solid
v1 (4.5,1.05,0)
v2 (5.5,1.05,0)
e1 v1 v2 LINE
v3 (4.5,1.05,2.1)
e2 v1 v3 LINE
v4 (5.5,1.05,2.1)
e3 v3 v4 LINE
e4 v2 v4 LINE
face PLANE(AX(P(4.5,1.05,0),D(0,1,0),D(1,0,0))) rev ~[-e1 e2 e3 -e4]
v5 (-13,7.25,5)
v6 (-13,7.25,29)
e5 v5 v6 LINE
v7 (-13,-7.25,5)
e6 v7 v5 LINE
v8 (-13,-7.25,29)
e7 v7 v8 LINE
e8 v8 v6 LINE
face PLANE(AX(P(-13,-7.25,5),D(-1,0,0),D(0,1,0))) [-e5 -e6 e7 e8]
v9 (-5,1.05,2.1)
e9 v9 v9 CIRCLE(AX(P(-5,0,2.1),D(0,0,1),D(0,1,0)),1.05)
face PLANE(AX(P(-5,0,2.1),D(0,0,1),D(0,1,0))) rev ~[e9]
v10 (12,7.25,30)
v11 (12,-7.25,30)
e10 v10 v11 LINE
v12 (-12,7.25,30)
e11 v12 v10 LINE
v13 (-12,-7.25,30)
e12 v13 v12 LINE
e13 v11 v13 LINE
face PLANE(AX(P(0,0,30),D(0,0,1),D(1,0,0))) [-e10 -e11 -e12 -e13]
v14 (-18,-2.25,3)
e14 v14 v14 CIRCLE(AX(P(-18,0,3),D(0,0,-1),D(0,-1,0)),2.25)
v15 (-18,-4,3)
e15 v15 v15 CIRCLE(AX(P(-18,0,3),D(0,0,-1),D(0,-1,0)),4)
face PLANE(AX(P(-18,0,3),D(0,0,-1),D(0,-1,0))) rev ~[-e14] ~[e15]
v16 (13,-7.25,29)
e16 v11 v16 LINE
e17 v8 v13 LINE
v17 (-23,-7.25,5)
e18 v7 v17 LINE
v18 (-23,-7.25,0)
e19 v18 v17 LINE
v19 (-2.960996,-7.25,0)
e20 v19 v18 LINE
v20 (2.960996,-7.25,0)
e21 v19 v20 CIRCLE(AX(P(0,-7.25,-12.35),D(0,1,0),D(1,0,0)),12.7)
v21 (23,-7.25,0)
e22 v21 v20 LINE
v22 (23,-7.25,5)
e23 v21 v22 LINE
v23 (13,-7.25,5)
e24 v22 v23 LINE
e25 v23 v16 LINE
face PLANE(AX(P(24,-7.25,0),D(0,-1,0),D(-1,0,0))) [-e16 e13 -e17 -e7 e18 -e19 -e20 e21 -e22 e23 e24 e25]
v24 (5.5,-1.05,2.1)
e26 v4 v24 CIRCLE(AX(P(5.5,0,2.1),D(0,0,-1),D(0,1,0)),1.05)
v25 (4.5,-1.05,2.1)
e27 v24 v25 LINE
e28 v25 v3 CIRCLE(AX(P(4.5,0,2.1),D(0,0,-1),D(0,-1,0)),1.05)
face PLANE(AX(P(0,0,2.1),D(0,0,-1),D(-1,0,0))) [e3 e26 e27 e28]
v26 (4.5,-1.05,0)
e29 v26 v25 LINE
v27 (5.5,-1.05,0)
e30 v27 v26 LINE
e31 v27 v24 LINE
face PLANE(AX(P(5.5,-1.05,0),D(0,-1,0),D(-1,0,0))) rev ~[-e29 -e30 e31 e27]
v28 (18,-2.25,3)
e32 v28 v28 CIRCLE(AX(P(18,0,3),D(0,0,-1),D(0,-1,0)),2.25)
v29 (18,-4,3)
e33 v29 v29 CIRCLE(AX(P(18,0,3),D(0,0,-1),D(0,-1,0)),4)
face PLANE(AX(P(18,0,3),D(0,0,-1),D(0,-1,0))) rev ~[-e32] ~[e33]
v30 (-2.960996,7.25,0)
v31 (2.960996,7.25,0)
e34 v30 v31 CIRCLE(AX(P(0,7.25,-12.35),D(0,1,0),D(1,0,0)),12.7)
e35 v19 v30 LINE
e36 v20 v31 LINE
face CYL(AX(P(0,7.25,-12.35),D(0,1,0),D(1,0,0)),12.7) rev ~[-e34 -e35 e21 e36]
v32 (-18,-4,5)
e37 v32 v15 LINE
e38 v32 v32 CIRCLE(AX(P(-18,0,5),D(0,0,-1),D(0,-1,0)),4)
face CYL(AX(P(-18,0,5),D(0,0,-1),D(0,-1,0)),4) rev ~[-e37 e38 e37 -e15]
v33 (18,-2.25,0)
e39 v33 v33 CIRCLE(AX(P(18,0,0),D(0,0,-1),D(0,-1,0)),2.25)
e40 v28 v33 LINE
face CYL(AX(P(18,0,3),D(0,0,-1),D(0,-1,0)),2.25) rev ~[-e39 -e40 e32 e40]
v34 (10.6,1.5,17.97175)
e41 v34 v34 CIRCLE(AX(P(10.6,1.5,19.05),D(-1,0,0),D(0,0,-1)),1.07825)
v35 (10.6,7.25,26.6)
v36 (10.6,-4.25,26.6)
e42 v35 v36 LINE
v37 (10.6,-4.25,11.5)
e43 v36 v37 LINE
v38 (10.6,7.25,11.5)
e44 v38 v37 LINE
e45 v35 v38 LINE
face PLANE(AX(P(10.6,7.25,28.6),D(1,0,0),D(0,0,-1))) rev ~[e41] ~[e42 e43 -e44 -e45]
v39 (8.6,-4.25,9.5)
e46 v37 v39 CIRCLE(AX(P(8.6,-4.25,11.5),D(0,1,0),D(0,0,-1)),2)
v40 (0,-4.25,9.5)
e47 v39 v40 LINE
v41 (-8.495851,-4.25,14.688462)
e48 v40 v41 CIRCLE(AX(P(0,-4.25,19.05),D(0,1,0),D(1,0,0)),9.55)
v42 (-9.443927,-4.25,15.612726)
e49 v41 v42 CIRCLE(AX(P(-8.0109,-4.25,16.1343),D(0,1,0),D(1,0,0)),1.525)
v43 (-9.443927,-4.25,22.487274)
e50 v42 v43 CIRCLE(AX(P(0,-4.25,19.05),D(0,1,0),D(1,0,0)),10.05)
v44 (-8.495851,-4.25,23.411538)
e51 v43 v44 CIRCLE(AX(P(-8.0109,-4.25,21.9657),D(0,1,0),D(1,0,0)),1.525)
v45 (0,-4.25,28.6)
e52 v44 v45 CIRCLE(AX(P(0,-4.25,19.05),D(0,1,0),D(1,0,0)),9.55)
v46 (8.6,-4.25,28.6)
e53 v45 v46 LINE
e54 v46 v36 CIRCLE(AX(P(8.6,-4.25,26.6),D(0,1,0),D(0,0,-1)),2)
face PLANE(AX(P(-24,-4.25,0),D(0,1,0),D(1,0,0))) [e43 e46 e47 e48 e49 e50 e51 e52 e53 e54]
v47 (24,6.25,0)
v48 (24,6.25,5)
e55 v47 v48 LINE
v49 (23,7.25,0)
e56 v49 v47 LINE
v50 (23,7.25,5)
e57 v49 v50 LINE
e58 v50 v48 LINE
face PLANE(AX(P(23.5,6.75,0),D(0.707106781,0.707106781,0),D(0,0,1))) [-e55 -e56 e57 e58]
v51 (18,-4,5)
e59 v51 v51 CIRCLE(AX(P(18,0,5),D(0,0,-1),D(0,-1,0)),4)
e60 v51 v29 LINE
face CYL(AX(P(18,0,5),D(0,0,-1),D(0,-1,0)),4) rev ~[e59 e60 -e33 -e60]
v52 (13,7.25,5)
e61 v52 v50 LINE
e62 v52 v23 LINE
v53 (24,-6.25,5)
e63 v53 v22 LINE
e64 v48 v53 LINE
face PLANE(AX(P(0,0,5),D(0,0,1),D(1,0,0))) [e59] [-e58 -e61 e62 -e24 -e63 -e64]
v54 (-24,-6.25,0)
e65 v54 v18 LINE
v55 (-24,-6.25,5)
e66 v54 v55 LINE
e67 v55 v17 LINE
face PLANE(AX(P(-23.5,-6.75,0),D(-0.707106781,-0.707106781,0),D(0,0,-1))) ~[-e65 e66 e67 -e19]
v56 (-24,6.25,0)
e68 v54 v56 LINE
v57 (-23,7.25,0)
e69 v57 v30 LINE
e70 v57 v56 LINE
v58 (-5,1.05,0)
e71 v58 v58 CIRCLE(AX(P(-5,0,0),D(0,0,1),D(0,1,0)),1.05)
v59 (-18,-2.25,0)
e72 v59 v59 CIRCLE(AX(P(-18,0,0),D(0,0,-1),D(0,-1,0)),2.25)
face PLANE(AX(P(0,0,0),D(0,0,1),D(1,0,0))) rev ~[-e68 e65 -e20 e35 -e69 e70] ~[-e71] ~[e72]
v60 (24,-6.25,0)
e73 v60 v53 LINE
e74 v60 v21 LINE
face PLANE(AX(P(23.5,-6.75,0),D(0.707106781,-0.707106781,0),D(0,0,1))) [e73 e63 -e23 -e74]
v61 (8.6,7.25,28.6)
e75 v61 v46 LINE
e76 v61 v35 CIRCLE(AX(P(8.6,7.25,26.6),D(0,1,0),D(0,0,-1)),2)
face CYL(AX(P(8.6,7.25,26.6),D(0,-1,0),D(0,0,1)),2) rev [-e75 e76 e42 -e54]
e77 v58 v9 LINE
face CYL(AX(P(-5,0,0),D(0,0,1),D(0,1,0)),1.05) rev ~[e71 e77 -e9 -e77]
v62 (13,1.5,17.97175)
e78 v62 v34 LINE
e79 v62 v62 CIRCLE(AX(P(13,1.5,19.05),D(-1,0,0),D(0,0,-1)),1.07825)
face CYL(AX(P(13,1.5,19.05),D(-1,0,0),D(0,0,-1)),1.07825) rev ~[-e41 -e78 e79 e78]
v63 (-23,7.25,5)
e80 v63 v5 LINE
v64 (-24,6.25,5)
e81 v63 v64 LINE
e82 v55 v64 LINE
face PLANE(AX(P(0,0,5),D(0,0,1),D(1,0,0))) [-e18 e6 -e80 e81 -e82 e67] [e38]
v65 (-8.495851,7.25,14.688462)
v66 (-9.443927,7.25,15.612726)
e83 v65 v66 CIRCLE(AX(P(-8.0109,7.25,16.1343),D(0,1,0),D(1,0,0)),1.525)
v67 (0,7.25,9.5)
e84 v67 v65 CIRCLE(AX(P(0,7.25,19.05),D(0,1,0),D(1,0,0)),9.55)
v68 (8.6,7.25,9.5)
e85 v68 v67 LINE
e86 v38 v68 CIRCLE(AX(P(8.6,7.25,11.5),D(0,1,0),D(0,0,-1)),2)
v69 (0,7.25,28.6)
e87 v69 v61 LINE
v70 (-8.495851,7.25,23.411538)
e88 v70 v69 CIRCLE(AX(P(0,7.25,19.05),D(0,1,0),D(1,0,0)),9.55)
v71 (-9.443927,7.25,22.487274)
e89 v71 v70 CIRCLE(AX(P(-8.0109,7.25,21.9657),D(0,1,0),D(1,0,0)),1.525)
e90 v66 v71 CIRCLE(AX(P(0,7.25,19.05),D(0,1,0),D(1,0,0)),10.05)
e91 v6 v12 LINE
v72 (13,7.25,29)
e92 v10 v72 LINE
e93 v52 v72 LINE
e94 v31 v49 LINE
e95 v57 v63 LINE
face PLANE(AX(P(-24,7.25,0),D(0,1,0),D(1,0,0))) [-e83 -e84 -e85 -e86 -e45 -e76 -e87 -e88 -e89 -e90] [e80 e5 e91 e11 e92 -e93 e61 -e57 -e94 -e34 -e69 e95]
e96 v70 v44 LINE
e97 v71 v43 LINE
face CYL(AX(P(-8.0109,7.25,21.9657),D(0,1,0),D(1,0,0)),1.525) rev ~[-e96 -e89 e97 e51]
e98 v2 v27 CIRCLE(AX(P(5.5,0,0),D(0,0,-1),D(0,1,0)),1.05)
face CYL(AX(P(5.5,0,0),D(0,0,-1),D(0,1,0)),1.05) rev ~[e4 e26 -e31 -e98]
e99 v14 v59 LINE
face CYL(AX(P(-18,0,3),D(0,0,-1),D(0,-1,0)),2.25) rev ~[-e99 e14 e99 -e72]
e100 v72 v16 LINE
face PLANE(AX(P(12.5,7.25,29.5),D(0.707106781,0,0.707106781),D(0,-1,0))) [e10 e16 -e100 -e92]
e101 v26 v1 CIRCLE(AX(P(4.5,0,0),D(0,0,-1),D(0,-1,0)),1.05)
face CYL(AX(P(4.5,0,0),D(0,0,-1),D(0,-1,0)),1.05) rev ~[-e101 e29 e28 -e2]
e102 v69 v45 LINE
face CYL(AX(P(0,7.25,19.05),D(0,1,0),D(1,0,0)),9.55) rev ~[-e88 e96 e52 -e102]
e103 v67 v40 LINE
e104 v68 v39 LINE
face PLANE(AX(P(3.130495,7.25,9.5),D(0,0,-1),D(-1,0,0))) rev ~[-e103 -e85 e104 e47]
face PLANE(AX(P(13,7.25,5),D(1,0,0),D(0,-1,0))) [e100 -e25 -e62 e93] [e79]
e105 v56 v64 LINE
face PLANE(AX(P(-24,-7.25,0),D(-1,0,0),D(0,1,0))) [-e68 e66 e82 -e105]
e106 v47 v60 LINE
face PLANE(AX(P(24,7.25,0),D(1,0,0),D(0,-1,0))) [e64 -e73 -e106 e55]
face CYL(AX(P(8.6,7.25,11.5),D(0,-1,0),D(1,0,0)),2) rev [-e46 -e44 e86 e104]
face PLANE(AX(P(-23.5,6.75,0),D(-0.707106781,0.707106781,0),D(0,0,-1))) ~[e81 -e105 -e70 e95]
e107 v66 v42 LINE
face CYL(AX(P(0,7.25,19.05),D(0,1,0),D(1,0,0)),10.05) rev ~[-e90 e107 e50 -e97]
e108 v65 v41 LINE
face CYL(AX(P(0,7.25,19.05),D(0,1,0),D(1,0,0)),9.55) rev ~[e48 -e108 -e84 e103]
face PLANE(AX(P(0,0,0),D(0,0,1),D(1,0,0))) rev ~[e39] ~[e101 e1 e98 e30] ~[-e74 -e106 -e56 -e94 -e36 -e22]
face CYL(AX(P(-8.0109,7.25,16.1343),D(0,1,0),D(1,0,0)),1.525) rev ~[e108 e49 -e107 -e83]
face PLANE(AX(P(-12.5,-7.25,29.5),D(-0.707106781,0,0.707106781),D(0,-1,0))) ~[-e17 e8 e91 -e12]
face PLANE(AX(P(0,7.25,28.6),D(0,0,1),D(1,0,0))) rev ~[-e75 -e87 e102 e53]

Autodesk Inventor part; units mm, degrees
ref_plane "YZ Plane" through (0, 0, 0) normal (1, 0, 0) x (0, 1, 0)
ref_plane "XZ Plane" through (0, 0, 0) normal (0, 1, 0) x (-1, 0, 0)
ref_plane "XY Plane" through (0, 0, 0) normal (0, 0, 1) x (1, 0, 0)
sketch "Sketch1" plane through (0, 0, 0) normal (0, 0, 1) x (1, 0, 0)
  line L0 (-24, 7.25) -> (24, 7.25)
  line L1 (24, 7.25) -> (24, -7.25)
  line L2 (24, -7.25) -> (-24, -7.25)
  line L3 (-24, -7.25) -> (-24, 7.25)
  point P0 (0, 0)
  dimension "LENGTH" = 48
  dimension "WIDTH" = 14.5
  dimension "d0" = 7.25
  dimension "d3" = 24
extrude "Extrusion1" add sketch "Sketch1" along normal blind 5
sketch "Sketch3" plane through (0, 0, 5) normal (0, 0, 1) x (1, 0, 0)
  line L0 (-24, 7.25) -> (-24, -7.25) projected
  line L1 (24, -7.25) -> (24, 7.25) projected
  point P0 (0, 0)
  point P1 (-18, 0)
  point P2 (18, 0)
  dimension "d13" = 0
  dimension "d14" = 0
  dimension "d15" = 6
  dimension "d16" = 6
hole "Hole1" at (-18, 0, 5) at (18, 0, 5) direction (0, 0, -1) diameter 4.5 depth 5 counterbore diameter 8 counterbore depth 2 clearance for "Socket Head Cap Screw" size "#8" standard "Ansi Unified Screw Threads"
sketch "Sketch4" plane through (0, 0, 5) normal (0, 0, 1) x (1, 0, 0)
  line L0 (-13, 7.25) -> (13, 7.25)
  line L1 (13, 7.25) -> (13, -7.25)
  line L2 (13, -7.25) -> (-13, -7.25)
  line L3 (-13, -7.25) -> (-13, 7.25)
  point P0 (0, 0)
  dimension "d17" = 26
  dimension "d18" = 13
  dimension "d19" = 14.5
  dimension "d20" = 7.25
extrude "Extrusion2" add sketch "Sketch4" along normal blind 25
sketch "Sketch5" plane through (-24, 7.25, 0) normal (0, 1, 0) x (1, 0, 0)
  circle A0 centre (24, -19.05) radius 9.55
  line L0 (14.475, -19.05) -> (33.525, -19.05)
  line L1 (24, -28.6) -> (34.6, -28.6)
  line L2 (34.6, -28.6) -> (34.6, -9.5)
  line L3 (34.6, -9.5) -> (24, -9.5)
  line L4 (24, -9.5) -> (24, -28.6)
  circle A1 centre (24, -19.05) radius 10.05
  circle A2 centre (15.9891, -16.1343) radius 1.525
  circle A3 centre (15.9891, -21.9657) radius 1.525
  line L5 (24, -19.05) -> (15.9891, -16.1343)
  line L6 (15.9891, -21.9657) -> (24, -19.05)
  point P0 (24, 0)
  point P1 (24, -28.6)
  point P2 (24, -9.5)
  point P3 (15.5042, -14.6884)
  point P4 (14.5561, -15.6127)
  point P5 (14.5561, -22.4873)
  point P6 (15.5042, -23.4116)
  dimension "d23" = 0
  dimension "d24" = 19.05
  dimension "DIAMETER" = 19.1
  dimension "d26" = 0
  dimension "d30" = 10.6
  dimension "d31" = 0
  dimension "d32" = 9.55
  dimension "d33" = 9.55
  dimension "d48" = 20.1
  dimension "d49" = 3.05
  dimension "d50" = 3.05
  dimension "d51" = 20
  dimension "d52" = 20
  dimension "d53" = 8.525
  dimension "d54" = 8.525
extrude "Extrusion3" cut sketch "Sketch5" against normal blind 11.5 contours A0 L4 | A0 L3 A1 L1 | L4 L5 A2 A0 | A0 A3 L6 L4 | A2 A0 | A0 A2 | L3 L2 L1 A1 | L6 A3 A0 A2 L5 | A3 A0 | A0 A3 | A0 A3 A1 A2
fillet "Fillet1" radius 2 2 edges at (10.6, 1.5, 28.6) (10.6, 1.5, 9.5)
sketch "Sketch6" plane through (13, -7.25, 5) normal (1, 0, 0) x (0, 0, -1)
  line L0 (0, 14.5) -> (-25, 14.5) projected
  point P0 (5, 7.25)
  point P1 (-14.05, 8.75)
  dimension "d46" = 19.05
  dimension "d47" = 5.75
hole "Hole2" at (13, 1.5, 19.05) direction (-1, 0, 0) diameter 2.1565 depth 2.4 thread size "4-40 UNC" class "2B" standard "ANSI Unified Screw Threads"
chamfer "Chamfer1" distance 1 angle 45 6 edges at (13, 0, 30) (-13, 0, 30) (-24, 7.25, 2.5) (-24, -7.25, 2.5) (24, 7.25, 2.5) (24, -7.25, 2.5)
sketch "Sketch7" plane through (0, 0, 0) normal (0, 0, -1) x (-1, 0, 0)
  line L0 (-5.5, 0) -> (-4.5, 0) construction
  line L1 (-5.5, -1.05) -> (-4.5, -1.05)
  line L2 (-4.5, 1.05) -> (-5.5, 1.05)
  arc A0 (-5.5, 1.05) -> (-5.5, -1.05) centre (-5.5, 0) ccw
  arc A1 (-4.5, -1.05) -> (-4.5, 1.05) centre (-4.5, 0) ccw
  point P0 (0, 0)
  point P1 (-5, 0)
  point P2 (5, 0)
  dimension "d58" = 1
  dimension "d59" = 1.05
  dimension "d60" = 10
  dimension "d61" = 0
  dimension "d62" = 0
  dimension "d63" = 5
hole "Hole3" at (-5, 0, 0) direction (0, 0, 1) diameter 2.1 depth 2.1
extrude "Extrusion4" cut sketch "Sketch7" against normal blind 2.1
sketch "Sketch8" plane through (-23, 7.25, 0) normal (0, 1, 0) x (1, 0, 0)
  circle A0 centre (23, 12.35) radius 12.7
  point P0 (23, 0)
  dimension "d73" = 0
  dimension "d74" = 12.35
  dimension "d75" = 25.4
extrude "Extrusion5" cut sketch "Sketch8" against normal up to surface (14.5 mm away)
equation "\"d0\" = 0.5 * WIDTH"
equation "\"d3\" = 0.5 * LENGTH"
equation "\"d18\" = 0.5 * d17"
equation "\"d19\" = WIDTH"
equation "\"d20\" = 0.5 * WIDTH"
equation "\"d24\" = BEAM_HEIGHT"
equation "\"d32\" = 0.5 * DIAMETER"
equation "\"d33\" = d32"
equation "\"d54\" = d53"
equation "\"d46\" = BEAM_HEIGHT"
equation "\"d47\" = 0.5 * DEPTH"
equation "\"TOLERANCE\" = 0.1"
equation "\"BEAM_HEIGHT\" = 19.05"
equation "\"DEPTH\" = 11.5"
properties part number "RC04FC-F01-mount-01"
